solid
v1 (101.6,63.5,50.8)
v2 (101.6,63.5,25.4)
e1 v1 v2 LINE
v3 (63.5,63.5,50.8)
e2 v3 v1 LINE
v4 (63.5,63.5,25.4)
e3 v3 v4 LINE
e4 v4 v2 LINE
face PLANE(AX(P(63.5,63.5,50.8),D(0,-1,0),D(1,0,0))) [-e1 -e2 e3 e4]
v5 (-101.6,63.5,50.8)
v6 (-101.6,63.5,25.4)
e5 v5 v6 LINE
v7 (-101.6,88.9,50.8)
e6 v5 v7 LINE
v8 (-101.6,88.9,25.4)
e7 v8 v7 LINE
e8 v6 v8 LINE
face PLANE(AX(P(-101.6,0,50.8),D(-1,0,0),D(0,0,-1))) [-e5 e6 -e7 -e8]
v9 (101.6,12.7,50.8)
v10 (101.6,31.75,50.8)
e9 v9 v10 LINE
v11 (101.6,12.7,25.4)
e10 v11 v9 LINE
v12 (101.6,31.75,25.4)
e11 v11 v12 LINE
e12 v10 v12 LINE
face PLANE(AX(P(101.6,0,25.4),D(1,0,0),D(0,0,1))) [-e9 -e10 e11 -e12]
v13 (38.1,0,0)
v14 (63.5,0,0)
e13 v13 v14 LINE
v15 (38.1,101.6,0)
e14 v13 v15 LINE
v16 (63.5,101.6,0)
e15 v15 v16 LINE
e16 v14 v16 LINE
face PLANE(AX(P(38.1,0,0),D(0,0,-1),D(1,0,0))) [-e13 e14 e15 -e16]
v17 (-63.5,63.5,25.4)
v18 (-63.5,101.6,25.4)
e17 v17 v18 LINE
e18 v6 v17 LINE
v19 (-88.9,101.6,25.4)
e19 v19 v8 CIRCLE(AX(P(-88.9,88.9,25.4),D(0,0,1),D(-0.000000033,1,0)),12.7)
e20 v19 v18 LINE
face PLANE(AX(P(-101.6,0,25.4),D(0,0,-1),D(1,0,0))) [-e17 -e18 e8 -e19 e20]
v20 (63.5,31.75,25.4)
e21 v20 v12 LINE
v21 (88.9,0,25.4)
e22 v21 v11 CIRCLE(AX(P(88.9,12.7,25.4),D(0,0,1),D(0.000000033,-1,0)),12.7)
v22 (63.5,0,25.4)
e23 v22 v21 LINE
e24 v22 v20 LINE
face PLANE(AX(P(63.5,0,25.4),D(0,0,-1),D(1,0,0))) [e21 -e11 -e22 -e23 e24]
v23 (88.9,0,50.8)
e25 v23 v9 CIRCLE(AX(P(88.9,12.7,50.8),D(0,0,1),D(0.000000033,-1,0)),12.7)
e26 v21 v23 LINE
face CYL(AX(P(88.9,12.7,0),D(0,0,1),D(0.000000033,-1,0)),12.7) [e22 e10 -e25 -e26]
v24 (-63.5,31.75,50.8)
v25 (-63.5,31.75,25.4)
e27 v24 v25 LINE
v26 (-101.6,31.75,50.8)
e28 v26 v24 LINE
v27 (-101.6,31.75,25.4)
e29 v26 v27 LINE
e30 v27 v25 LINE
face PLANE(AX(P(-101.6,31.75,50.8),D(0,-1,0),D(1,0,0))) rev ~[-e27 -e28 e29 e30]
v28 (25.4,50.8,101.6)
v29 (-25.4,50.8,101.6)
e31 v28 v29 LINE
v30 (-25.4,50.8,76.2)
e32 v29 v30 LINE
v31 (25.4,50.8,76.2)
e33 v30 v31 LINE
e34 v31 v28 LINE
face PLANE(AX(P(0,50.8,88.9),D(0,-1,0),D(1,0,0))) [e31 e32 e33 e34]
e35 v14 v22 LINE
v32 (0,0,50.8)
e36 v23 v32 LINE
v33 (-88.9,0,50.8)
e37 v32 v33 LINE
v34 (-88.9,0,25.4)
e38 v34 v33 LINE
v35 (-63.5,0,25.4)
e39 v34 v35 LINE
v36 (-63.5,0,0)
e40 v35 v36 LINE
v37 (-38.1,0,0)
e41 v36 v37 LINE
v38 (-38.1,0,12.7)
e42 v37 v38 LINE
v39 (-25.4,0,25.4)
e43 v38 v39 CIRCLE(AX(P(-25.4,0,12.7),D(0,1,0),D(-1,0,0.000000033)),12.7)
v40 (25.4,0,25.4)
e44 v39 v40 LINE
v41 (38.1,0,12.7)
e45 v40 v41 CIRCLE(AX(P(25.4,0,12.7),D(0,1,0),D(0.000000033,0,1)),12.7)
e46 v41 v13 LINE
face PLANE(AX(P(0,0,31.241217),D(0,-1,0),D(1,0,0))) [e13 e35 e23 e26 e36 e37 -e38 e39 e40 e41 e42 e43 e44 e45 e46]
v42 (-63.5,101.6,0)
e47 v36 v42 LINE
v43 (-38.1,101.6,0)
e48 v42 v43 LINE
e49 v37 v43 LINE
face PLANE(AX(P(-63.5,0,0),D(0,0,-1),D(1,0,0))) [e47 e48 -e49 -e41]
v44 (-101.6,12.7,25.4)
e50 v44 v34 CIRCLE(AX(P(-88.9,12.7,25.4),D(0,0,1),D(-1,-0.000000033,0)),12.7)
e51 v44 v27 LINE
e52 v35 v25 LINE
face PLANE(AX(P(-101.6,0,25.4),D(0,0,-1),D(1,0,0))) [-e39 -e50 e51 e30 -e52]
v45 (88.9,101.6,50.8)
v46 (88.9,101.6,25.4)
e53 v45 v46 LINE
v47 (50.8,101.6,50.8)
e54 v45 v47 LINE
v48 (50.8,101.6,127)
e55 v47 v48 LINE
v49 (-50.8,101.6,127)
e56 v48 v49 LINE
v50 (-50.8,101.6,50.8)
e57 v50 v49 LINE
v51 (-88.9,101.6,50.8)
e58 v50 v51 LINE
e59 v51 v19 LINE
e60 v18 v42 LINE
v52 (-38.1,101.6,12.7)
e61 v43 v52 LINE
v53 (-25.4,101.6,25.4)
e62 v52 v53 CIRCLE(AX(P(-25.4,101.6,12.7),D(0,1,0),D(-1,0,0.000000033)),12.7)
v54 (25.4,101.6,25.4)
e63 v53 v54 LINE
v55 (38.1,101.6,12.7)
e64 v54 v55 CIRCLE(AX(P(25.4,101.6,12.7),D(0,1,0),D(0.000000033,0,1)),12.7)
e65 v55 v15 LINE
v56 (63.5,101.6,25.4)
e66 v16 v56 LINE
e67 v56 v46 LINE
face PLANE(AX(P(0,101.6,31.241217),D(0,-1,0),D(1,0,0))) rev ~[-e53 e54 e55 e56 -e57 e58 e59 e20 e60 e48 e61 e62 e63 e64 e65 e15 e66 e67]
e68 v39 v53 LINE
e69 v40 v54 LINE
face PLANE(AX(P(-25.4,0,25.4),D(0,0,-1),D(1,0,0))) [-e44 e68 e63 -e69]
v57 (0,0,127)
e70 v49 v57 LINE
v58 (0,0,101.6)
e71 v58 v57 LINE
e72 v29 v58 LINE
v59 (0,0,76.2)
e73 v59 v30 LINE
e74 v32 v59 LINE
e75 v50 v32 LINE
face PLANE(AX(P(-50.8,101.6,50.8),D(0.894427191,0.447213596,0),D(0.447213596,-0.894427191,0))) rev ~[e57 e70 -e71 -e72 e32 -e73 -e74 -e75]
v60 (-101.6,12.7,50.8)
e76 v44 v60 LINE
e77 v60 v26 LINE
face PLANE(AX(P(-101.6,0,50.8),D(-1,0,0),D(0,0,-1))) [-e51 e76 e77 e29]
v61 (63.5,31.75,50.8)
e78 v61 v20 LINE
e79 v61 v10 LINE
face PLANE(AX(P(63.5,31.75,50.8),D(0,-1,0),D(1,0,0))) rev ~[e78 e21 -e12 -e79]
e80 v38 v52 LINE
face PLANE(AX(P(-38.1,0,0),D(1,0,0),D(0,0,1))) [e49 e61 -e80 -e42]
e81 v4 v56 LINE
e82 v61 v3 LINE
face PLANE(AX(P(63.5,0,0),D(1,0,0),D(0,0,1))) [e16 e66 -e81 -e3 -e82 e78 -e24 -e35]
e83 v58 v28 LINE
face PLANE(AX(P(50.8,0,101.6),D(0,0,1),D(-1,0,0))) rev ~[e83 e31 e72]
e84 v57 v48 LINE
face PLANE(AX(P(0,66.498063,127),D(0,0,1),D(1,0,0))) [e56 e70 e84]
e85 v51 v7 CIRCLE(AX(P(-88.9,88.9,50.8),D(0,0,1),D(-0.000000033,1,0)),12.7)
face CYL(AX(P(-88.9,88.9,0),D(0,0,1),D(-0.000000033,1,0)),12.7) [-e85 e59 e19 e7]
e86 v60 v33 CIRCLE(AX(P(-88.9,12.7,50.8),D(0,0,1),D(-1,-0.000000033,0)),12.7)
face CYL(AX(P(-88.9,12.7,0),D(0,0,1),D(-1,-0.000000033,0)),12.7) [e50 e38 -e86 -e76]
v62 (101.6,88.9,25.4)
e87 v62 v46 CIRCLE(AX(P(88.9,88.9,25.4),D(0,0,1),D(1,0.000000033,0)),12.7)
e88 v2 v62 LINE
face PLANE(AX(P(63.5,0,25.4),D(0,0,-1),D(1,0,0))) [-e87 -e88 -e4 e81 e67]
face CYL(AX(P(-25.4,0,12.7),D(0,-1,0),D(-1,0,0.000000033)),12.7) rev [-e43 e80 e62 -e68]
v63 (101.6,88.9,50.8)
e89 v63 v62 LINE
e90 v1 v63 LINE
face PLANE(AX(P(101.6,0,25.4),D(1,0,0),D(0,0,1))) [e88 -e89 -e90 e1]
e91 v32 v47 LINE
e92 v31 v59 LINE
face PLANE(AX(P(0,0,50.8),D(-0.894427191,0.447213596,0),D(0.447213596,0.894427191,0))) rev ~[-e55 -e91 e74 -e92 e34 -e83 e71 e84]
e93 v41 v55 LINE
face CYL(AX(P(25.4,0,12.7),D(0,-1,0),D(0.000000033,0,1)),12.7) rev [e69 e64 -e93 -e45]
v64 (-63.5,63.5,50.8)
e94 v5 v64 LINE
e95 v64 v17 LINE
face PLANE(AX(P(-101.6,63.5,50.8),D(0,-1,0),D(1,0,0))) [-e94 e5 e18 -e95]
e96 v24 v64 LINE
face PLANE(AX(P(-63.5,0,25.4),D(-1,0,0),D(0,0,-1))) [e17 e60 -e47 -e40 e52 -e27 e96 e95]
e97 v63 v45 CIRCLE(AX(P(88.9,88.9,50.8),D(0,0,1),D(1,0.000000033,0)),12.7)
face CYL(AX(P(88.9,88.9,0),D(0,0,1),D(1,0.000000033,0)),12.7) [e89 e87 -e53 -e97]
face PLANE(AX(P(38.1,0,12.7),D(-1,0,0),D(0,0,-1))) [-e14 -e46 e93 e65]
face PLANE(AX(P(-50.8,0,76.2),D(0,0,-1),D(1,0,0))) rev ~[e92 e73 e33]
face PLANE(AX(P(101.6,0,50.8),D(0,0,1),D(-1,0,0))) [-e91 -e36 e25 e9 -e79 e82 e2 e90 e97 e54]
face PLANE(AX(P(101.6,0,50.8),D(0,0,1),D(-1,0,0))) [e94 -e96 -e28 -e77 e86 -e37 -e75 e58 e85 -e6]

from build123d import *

# Parameters (mm, degrees)
F1_DEPTH = 101.6
F2_W     = 38.1
F2_H     = 31.75
F3_DEPTH = 25.4
F5_DEPTH = 76.2
F7_DEPTH = 50.8
F9_DEPTH = 127


with BuildPart() as f1:
    # F0 (on Front) → F1 (new body)
    with BuildSketch(Plane.XZ):
        with BuildLine():
            Line((-63.5, 0), (-38.1, 0))
            Line((-38.1, 0), (-38.1, 12.7))
            ThreePointArc((-38.1, 12.7), (-34.380256, 21.680256), (-25.4, 25.4))
            Line((-25.4, 25.4), (0, 25.4))
            Line((0, 25.4), (25.4, 25.4))
            ThreePointArc((25.4, 25.4), (34.380256, 21.680256), (38.1, 12.7))
            Line((38.1, 12.7), (38.1, 0))
            Line((38.1, 0), (63.5, 0))
            Line((63.5, 0), (63.5, 25.4))
            Line((63.5, 25.4), (101.6, 25.4))
            Line((101.6, 25.4), (101.6, 50.8))
            Line((101.6, 50.8), (0, 50.8))
            Line((0, 50.8), (-101.6, 50.8))
            Line((-101.6, 50.8), (-101.6, 25.4))
            Line((-101.6, 25.4), (-63.5, 25.4))
            Line((-63.5, 25.4), (-63.5, 0))
        make_face()
    extrude(amount=-F1_DEPTH)

    # F2 (on face) → F3 (cut)
    with BuildSketch(Plane.XY.offset(50.8)):
        with Locations((82.55, 47.625)):
            Rectangle(F2_W, F2_H)
        with Locations((-82.55, 47.625)):
            Rectangle(F2_W, F2_H)
    extrude(amount=-F3_DEPTH, mode=Mode.SUBTRACT)

    # F4 (on face) → F5 (join)
    with BuildSketch(Plane.XY.offset(50.8)):
        Polygon((50.8, 101.6), (-50.8, 101.6), (0, 0), align=None)
    extrude(amount=F5_DEPTH)

    # F6 (on Front) → F7 (cut)
    with BuildSketch(Plane.XZ):
        Polygon((-50.8, 76.2), (0, 76.2), (50.8, 76.2), (50.8, 101.6), (-50.8, 101.6), align=None)
    extrude(amount=-F7_DEPTH, mode=Mode.SUBTRACT)

    # F8 (on Top) → F9 (intersect, symmetric)
    with BuildSketch(Plane.XY):
        with BuildLine():
            Line((0, 101.6), (-88.9, 101.6))
            ThreePointArc((-88.9, 101.6), (-97.880256, 97.880256), (-101.6, 88.9))
            Line((-101.6, 88.9), (-101.6, 12.7))
            ThreePointArc((-101.6, 12.7), (-97.880256, 3.719744), (-88.9, 0))
            Line((-88.9, 0), (0, 0))
            Line((0, 0), (0, 101.6))
        make_face()
        with BuildLine():
            Line((88.9, 101.6), (0, 101.6))
            Line((0, 101.6), (0, 0))
            Line((0, 0), (88.9, 0))
            ThreePointArc((88.9, 0), (97.880256, 3.719744), (101.6, 12.7))
            Line((101.6, 12.7), (101.6, 88.9))
            ThreePointArc((101.6, 88.9), (97.880256, 97.880256), (88.9, 101.6))
        make_face()
    extrude(amount=F9_DEPTH, both=True, mode=Mode.INTERSECT)


solid = f1.part
